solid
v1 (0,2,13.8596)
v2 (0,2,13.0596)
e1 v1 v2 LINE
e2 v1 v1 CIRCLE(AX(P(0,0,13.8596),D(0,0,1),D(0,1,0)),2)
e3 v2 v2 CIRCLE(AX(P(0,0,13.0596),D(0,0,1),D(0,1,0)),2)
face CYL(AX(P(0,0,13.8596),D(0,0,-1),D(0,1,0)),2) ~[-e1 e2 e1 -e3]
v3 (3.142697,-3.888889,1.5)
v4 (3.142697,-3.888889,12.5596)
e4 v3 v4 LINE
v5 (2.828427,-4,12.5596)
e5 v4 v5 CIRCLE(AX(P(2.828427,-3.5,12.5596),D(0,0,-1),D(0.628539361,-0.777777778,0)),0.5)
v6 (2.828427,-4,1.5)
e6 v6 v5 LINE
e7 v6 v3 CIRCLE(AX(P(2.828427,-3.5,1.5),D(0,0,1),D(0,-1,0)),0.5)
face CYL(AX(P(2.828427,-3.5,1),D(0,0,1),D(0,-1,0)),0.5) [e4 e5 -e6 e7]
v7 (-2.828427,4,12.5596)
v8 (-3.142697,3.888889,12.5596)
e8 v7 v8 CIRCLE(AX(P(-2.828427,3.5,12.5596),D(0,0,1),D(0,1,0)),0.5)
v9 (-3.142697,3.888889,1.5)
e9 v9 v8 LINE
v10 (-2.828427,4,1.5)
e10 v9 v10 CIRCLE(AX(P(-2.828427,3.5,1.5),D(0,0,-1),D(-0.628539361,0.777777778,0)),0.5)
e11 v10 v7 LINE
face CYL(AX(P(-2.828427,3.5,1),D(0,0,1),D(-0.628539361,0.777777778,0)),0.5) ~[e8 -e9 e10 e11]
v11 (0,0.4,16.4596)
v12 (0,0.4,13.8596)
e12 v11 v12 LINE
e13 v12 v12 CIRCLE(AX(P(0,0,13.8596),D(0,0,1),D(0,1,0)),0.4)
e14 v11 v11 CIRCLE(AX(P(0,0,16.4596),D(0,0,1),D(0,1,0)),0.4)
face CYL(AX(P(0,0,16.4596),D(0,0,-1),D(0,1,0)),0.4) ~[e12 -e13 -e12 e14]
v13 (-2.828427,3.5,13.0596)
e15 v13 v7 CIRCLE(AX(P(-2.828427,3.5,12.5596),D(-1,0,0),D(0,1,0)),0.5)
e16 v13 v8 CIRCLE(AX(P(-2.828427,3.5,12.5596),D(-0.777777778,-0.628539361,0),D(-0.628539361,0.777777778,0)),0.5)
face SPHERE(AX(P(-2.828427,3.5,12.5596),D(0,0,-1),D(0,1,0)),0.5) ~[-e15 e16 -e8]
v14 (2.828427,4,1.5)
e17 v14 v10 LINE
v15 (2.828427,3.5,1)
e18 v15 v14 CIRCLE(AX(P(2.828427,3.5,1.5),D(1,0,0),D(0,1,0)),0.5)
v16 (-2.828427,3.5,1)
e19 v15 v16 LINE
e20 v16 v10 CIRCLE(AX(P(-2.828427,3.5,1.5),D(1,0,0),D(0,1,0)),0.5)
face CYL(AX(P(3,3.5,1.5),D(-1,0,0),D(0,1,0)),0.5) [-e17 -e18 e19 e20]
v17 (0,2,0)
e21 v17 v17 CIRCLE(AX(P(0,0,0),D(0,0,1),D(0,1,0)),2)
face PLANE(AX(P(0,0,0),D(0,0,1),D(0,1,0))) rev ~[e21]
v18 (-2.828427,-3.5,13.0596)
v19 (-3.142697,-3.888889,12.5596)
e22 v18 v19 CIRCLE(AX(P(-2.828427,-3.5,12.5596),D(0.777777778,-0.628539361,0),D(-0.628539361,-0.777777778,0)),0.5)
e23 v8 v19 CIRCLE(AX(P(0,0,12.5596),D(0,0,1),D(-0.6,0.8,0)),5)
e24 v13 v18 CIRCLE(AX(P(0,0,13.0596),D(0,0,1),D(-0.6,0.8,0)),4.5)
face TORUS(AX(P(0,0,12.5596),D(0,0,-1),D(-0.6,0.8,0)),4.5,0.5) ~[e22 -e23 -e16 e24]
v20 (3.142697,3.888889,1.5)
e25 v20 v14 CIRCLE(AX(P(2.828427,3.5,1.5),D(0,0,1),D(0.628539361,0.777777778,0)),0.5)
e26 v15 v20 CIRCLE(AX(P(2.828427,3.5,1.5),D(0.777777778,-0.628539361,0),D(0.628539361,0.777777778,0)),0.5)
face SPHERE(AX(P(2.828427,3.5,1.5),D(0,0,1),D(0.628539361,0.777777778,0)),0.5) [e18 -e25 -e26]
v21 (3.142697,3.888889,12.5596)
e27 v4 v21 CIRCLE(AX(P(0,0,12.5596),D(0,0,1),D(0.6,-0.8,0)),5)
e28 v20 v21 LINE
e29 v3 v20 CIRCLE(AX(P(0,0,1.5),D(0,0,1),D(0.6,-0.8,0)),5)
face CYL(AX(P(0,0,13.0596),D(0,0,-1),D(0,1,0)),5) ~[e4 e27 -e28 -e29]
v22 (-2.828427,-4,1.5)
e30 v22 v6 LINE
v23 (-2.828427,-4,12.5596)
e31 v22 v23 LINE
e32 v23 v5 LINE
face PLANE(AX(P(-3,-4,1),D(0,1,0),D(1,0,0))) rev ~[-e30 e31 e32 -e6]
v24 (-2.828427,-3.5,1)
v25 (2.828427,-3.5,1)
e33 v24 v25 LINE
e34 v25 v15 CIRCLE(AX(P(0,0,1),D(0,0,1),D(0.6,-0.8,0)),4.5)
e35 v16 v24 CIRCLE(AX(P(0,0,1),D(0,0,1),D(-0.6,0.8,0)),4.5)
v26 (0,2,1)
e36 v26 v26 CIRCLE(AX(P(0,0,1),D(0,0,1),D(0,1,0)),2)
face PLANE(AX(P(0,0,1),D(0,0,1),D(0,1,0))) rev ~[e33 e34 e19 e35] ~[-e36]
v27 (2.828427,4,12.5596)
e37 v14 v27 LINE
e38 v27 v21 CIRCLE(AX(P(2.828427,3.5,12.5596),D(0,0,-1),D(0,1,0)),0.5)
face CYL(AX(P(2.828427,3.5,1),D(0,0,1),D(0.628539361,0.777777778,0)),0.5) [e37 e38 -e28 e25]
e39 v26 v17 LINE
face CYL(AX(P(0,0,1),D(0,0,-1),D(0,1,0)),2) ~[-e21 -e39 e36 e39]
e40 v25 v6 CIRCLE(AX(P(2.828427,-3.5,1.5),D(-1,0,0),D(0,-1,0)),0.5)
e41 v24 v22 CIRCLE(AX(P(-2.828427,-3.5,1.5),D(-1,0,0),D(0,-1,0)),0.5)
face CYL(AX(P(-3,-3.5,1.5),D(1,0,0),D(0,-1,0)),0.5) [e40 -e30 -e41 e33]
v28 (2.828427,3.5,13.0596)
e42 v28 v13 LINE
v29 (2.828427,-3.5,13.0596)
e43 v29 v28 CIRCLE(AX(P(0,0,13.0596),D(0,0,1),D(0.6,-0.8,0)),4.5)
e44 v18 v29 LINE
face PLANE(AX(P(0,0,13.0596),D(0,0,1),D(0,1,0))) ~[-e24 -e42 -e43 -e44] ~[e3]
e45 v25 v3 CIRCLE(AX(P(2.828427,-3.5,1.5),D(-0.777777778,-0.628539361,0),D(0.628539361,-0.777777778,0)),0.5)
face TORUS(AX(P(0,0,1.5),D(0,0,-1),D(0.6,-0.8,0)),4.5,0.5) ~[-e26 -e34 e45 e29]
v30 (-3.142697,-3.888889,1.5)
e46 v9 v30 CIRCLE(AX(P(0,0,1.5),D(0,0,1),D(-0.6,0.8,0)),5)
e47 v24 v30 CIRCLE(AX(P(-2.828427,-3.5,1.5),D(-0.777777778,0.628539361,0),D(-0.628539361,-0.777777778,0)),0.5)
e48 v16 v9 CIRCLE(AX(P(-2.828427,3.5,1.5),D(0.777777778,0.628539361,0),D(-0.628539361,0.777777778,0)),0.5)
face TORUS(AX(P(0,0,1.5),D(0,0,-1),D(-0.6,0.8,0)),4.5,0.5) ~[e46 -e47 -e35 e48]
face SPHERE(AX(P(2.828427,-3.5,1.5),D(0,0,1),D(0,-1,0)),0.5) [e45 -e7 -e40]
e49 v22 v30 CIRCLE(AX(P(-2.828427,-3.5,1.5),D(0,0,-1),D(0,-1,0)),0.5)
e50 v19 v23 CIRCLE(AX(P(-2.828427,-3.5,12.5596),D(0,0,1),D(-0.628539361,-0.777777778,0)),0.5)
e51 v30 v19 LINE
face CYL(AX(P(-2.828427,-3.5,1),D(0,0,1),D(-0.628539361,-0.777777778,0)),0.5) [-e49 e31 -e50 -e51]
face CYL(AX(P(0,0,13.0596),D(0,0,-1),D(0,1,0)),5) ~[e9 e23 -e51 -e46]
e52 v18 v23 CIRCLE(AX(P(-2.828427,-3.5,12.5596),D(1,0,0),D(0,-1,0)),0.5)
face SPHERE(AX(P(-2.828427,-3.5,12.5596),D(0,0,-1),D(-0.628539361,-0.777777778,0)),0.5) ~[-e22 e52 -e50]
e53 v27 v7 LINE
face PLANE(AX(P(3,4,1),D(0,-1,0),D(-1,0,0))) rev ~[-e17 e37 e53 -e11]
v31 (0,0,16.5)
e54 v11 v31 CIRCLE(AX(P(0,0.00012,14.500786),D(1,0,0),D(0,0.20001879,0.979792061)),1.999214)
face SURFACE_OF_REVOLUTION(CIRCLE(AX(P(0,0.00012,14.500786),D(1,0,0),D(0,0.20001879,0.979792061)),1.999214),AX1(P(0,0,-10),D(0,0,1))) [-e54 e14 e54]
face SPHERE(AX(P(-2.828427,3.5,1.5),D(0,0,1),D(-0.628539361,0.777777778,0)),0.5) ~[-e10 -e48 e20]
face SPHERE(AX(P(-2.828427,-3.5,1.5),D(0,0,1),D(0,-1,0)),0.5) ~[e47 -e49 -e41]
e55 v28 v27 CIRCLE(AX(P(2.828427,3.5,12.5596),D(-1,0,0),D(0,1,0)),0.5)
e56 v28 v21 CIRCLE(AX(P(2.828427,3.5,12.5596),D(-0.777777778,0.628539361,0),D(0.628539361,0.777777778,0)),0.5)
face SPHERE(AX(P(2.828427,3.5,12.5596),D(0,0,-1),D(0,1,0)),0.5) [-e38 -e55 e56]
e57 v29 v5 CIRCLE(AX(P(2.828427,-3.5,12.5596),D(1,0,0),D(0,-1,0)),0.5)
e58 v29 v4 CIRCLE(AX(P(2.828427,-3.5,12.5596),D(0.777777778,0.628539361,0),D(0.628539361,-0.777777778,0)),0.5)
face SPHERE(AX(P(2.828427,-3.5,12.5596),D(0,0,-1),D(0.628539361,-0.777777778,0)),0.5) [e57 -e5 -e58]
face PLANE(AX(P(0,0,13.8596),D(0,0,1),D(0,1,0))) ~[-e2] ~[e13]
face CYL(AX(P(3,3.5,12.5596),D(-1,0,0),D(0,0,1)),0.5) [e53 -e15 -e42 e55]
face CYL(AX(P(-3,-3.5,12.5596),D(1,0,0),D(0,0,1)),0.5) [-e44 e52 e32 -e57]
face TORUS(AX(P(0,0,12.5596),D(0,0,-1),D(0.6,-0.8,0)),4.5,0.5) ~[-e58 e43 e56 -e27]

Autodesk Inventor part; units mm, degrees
ref_plane "YZ Plane" through (0, 0, 0) normal (1, 0, 0) x (0, 1, 0)
ref_plane "XZ Plane" through (0, 0, 0) normal (0, 1, 0) x (-1, 0, 0)
ref_plane "XY Plane" through (0, 0, 0) normal (0, 0, 1) x (1, 0, 0)
sketch "Эскиз1" plane through (0, 0, 0) normal (1, 0, 0) x (0, 1, 0)
  line L0 (0.4, 16.4596) -> (0.4, 13.8596)
  line L1 (0.4, 13.8596) -> (2, 13.8596)
  line L2 (2, 13.8596) -> (2, 13.0596)
  line L3 (2, 13.0596) -> (5, 13.0596)
  line L4 (5, 13.0596) -> (5, 1)
  line L5 (5, 1) -> (2, 1)
  line L6 (2, 1) -> (2, 0)
  line L7 (2, 0) -> (0, 0)
  line L8 (0, 0) -> (0, 16.5)
  line L9 (0, -3.302) -> (0, 19.8121) projected
  arc A0 (0.4, 16.4596) -> (0, 16.5) centre (0, 14.5) ccw
  dimension "d0" = 16.5
  dimension "d1" = 0.8
  dimension "d2" = 2.6
  dimension "d3" = 0.8
  dimension "d4" = 10
  dimension "d5" = 4
  dimension "d6" = 1
  dimension "d7" = 4
  dimension "d13" = 2
revolve "Вращение1" add sketch "Эскиз1" angle 360 about axis through (0, 0, -10) along (0, 0, 1)
sketch "Эскиз2" plane through (0, 0, 1) normal (0, 0, -1) x (-1, 0, 0)
  circle A0 centre (0, 0) radius 5 projected
  line L0 (-3, 4) -> (3, 4)
  line L1 (3, -4) -> (-3, -4)
  line L2 (7, 0) -> (-7, 0) projected
  dimension "d9" = 8
extrude "Выдавливание1" cut sketch "Эскиз2" against normal blind 13.25 contours L0 A0 | A0 L1
fillet "Сопряжение1" radius 0.5 12 edges at (0, 4, 13.0596) (5, 0, 13.0596) (-5, 0, 13.0596) (0, -4, 13.0596) (3, -4, 7.0298) (-3, -4, 7.0298) (-3, 4, 7.0298) (3, 4, 7.0298) (0, -4, 1) (5, 0, 1) (-5, 0, 1) (0, 4, 1)
properties part number "Моторчик" material "Латунь, мягкая, желтая"
